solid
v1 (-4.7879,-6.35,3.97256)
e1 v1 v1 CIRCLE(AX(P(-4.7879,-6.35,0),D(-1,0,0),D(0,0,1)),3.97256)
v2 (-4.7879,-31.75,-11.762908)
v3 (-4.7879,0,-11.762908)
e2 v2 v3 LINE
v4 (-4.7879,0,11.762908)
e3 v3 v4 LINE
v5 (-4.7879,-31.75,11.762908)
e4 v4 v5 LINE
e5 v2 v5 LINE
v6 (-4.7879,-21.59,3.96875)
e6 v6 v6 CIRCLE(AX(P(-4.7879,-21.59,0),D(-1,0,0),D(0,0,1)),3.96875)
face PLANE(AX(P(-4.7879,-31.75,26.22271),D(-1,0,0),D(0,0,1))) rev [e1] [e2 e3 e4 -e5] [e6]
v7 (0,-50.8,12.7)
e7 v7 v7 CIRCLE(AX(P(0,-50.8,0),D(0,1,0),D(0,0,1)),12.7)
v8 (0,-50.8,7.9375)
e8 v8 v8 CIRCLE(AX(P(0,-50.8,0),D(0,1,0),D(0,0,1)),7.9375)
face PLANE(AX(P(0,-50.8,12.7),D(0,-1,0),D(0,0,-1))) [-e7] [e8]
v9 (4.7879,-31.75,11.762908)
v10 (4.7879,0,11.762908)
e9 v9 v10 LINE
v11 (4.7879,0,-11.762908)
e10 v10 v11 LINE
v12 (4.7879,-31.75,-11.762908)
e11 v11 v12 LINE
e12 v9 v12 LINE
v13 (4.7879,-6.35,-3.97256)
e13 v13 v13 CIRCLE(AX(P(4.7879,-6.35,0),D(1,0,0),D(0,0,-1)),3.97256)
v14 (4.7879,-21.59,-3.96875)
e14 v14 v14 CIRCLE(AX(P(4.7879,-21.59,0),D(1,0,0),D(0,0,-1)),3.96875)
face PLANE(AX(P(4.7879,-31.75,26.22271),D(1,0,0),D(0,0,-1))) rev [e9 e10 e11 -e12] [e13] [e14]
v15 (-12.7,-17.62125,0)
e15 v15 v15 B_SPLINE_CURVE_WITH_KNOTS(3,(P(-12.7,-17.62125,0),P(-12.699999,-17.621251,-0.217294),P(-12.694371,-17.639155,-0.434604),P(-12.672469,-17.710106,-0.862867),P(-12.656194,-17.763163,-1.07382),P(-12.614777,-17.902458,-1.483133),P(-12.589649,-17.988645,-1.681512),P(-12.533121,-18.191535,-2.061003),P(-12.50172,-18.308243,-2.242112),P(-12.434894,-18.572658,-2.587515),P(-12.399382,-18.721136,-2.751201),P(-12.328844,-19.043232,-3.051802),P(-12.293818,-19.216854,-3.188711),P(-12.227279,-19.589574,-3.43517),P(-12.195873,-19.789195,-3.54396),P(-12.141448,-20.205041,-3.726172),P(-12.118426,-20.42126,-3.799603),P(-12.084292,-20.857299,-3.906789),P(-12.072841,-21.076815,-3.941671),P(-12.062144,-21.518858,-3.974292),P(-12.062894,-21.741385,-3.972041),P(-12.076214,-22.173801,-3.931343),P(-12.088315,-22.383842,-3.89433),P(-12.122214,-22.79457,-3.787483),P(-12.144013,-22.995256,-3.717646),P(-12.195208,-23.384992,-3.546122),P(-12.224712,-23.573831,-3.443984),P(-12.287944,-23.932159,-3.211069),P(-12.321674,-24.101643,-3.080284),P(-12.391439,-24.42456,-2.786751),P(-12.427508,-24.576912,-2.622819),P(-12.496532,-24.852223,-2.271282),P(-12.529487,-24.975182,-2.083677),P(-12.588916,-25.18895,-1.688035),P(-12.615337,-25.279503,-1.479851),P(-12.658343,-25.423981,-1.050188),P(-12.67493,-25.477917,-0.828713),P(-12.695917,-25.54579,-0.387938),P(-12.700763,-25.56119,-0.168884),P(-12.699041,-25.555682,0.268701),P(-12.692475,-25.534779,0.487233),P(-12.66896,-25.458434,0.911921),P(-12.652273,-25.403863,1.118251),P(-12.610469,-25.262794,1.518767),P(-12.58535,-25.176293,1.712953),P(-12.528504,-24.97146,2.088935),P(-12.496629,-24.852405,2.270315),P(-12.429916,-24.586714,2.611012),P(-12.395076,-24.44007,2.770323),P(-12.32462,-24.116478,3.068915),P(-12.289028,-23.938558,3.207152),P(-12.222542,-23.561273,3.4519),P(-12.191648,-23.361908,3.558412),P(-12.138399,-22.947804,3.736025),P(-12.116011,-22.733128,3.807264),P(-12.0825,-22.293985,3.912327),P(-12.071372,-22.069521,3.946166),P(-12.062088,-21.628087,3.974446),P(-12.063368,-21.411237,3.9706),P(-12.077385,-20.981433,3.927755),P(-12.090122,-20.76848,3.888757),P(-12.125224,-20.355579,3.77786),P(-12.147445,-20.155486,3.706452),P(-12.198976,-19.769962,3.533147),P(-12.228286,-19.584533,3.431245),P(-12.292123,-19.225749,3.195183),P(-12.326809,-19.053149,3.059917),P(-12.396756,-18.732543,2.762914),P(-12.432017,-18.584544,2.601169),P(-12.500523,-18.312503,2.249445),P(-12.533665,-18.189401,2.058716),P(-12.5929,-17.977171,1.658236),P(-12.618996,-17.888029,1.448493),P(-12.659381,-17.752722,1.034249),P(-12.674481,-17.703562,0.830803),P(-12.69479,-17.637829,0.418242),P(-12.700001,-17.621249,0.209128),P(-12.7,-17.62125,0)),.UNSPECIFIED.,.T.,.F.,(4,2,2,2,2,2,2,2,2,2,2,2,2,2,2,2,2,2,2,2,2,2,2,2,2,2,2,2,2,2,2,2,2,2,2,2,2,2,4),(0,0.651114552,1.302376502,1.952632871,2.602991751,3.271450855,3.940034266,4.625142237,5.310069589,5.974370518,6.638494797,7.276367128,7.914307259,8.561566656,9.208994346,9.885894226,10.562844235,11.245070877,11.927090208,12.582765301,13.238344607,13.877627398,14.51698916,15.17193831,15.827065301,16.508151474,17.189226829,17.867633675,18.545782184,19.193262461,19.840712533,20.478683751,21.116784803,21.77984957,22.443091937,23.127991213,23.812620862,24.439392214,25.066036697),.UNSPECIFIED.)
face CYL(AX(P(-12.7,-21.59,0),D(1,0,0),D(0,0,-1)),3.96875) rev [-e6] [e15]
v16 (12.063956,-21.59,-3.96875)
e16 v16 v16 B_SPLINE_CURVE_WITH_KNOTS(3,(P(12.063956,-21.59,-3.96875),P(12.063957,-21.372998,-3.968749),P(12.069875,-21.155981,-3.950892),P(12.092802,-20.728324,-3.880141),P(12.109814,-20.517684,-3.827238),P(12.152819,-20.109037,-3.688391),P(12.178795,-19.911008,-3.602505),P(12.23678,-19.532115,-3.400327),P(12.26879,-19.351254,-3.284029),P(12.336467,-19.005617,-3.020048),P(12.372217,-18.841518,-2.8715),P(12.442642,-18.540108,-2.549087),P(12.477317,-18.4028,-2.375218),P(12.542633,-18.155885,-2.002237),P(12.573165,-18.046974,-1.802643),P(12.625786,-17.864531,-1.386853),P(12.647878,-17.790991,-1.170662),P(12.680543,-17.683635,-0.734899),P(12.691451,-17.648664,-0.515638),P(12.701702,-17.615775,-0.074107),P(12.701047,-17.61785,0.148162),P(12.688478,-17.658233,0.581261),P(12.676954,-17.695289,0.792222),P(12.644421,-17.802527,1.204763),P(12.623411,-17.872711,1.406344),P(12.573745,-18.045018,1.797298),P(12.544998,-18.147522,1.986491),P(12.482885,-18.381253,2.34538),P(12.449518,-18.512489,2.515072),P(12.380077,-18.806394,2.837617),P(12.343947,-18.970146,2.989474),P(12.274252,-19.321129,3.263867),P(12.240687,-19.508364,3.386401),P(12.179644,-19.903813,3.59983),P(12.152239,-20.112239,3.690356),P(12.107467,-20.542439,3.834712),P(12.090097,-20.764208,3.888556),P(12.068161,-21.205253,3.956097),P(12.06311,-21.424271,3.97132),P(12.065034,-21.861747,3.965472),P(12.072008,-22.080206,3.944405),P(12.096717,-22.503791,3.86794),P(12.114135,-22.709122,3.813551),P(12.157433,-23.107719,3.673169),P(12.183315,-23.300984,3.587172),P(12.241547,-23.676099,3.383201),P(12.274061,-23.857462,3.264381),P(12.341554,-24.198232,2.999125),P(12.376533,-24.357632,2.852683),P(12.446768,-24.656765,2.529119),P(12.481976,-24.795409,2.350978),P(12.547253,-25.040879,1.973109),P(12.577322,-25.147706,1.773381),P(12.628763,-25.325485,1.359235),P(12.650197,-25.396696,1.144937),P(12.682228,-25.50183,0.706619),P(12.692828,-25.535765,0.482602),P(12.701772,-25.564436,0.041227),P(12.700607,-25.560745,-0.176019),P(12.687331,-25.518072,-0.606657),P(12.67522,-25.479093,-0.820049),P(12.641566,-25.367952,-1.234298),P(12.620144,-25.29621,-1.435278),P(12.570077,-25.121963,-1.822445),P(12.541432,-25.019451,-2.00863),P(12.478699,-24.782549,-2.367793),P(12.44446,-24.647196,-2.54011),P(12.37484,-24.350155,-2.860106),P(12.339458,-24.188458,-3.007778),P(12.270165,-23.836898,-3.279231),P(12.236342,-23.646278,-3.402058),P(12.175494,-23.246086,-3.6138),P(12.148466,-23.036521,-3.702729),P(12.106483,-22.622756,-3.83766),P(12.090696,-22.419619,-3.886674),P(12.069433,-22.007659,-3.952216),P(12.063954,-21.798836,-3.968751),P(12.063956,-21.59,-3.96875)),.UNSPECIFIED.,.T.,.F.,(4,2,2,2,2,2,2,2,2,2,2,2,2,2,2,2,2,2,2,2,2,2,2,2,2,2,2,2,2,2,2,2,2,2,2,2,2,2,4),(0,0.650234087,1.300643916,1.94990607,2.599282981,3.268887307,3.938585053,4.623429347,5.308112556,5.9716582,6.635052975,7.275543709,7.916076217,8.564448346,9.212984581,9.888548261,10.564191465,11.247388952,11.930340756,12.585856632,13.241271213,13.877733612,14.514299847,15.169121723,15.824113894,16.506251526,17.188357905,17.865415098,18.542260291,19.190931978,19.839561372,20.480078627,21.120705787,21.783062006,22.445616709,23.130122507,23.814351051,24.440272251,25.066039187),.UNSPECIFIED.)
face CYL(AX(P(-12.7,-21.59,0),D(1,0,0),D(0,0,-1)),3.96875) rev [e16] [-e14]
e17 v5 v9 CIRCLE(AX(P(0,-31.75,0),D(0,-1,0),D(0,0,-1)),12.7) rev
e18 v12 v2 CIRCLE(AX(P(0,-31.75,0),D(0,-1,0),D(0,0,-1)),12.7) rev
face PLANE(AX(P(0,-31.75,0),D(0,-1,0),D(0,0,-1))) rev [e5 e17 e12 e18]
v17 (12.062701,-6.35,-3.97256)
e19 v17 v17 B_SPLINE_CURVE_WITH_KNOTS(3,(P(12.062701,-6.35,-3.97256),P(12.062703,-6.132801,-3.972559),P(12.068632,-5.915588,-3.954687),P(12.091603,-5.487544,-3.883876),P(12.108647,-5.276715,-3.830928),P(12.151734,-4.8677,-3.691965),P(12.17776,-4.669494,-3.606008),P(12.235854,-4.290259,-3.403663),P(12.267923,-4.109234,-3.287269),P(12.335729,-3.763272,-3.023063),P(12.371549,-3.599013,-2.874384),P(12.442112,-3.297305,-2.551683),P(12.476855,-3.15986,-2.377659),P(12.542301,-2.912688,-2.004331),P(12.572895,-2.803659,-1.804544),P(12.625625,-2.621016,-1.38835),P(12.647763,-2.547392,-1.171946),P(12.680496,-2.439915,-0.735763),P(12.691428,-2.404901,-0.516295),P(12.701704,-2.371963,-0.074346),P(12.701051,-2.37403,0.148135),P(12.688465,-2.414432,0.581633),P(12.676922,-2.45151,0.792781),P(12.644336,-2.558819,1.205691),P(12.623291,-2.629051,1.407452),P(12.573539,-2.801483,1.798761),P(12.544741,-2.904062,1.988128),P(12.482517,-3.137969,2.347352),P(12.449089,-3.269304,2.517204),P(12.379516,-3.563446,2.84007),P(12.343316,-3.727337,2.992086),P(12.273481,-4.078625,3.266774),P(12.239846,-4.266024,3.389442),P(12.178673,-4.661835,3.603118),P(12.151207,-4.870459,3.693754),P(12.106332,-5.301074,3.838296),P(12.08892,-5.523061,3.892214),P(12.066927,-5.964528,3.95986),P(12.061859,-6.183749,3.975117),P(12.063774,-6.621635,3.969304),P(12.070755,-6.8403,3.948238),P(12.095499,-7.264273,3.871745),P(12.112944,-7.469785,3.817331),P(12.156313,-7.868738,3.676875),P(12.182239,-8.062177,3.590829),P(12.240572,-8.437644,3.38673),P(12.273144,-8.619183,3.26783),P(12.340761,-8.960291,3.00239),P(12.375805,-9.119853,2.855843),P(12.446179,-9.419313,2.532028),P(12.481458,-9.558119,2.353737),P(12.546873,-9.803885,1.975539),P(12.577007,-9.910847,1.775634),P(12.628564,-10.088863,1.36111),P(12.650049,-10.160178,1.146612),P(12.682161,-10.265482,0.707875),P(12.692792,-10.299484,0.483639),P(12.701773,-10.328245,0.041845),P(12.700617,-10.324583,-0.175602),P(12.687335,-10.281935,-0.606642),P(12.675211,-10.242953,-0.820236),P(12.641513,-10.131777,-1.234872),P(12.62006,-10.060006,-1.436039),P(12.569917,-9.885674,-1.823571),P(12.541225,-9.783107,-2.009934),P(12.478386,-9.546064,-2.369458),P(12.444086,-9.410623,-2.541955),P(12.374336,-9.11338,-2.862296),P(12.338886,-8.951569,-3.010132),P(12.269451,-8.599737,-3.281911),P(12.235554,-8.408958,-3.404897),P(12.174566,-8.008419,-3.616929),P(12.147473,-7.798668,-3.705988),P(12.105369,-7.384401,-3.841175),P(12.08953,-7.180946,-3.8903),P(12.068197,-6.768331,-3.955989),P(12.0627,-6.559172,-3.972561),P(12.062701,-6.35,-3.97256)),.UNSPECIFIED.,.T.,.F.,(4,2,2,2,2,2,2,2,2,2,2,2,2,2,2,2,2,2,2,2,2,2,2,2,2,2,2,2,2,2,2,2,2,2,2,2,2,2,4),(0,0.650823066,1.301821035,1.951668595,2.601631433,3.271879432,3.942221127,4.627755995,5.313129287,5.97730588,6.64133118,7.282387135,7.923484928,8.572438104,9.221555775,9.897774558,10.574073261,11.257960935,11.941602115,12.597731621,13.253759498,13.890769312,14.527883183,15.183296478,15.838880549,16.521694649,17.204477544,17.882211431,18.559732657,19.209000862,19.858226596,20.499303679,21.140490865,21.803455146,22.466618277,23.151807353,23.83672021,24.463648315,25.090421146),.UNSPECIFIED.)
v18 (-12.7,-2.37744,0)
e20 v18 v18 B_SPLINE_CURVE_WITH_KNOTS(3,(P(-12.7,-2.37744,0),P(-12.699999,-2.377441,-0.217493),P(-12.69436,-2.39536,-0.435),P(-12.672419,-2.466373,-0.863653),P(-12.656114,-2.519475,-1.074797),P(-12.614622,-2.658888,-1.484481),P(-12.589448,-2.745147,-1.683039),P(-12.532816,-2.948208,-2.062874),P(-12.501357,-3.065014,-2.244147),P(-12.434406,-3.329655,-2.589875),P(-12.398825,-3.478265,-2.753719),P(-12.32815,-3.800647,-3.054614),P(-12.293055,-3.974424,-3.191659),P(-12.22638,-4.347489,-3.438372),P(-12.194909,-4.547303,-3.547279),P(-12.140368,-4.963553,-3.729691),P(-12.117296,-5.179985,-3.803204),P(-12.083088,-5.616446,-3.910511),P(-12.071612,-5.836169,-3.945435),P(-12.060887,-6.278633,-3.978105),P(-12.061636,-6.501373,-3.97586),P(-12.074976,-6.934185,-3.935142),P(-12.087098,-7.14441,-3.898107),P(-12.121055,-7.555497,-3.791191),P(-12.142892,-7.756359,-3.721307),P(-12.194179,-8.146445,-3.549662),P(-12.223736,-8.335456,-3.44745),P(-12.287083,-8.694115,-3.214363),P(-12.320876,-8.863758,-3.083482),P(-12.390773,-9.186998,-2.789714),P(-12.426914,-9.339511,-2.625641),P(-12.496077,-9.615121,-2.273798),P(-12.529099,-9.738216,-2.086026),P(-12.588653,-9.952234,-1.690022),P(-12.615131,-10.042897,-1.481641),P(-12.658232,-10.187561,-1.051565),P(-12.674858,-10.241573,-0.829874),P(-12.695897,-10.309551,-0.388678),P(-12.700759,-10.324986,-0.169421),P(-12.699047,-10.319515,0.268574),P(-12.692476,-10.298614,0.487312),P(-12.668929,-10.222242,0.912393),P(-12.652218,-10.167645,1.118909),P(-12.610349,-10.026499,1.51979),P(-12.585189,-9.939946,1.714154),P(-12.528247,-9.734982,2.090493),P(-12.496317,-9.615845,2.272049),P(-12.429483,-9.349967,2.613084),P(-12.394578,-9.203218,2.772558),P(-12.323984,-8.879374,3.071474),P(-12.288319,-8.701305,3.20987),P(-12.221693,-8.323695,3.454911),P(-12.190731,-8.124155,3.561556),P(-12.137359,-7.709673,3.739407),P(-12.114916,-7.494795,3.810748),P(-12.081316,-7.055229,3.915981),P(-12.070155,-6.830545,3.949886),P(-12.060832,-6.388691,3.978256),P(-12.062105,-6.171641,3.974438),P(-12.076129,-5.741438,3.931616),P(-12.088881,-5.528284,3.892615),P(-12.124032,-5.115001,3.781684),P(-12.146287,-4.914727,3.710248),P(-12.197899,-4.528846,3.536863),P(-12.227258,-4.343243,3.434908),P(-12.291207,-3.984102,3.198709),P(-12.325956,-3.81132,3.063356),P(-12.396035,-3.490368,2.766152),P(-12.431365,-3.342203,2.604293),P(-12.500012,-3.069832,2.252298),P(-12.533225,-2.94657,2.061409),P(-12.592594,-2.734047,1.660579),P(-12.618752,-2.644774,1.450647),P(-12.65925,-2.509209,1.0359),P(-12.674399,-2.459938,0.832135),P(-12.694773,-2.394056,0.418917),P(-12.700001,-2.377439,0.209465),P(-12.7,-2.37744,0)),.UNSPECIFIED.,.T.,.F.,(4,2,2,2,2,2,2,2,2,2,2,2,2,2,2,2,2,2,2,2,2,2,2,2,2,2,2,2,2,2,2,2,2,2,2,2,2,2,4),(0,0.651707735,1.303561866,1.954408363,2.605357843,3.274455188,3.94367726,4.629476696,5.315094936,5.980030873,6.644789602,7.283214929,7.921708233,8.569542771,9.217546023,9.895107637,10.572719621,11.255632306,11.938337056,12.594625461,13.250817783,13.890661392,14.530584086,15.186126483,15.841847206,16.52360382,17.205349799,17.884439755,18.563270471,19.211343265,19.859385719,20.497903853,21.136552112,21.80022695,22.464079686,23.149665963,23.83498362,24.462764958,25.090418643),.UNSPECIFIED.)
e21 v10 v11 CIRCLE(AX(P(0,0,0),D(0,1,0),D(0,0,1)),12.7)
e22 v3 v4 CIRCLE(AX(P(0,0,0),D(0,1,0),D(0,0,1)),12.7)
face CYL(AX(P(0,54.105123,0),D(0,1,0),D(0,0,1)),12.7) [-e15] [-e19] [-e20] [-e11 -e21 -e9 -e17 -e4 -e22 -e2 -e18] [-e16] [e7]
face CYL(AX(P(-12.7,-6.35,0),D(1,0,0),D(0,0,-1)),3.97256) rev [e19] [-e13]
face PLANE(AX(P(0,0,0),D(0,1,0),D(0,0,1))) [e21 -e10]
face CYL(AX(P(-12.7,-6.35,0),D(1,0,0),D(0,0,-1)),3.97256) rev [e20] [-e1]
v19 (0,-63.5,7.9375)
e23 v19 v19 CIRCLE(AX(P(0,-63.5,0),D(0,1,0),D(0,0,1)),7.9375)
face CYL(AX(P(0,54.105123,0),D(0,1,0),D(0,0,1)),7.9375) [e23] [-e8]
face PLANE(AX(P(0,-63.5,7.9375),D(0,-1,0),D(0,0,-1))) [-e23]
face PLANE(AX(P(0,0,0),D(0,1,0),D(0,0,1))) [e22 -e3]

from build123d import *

# Parameters (mm, degrees)
SKETCH3_W          = 9.5758
SKETCH3_H          = 52.44541986
CUT_EXTRUDE2_DEPTH = 31.75
SKETCH4_R          = 3.97256
SKETCH4_R_2        = 3.96875
CUT_EXTRUDE3_DEPTH = 26.4


with BuildPart() as part:
    # Sketch1 → Revolve1 (revolve)
    with BuildSketch(Plane(origin=(0, 0, 0), x_dir=(0, 0, -1), z_dir=(1, 0, 0))):
        Polygon((0, 0), (-12.7, 0), (-12.7, -50.8), (-7.9375, -50.8), (-7.9375, -63.5), (0, -63.5), (0, -50.8), align=None)
    revolve(axis=Axis((0, 54.105122951, 0), (0, -1, 0)))

    # Sketch3 → Cut-Extrude2 (cut)
    with BuildSketch(Plane(origin=(0, 0, 0), x_dir=(1, 0, 0), z_dir=(0, 1, 0))):
        Rectangle(SKETCH3_W, SKETCH3_H)
    extrude(amount=-CUT_EXTRUDE2_DEPTH, mode=Mode.SUBTRACT)

    # Sketch4 → Cut-Extrude3 (cut, through all)
    with BuildSketch(Plane(origin=(12.7, 0, 0), x_dir=(0, 0, -1), z_dir=(1, 0, 0))):
        with Locations((0, -6.35)):
            Circle(SKETCH4_R)
        with Locations((0, -21.59)):
            Circle(SKETCH4_R_2)
    extrude(amount=-CUT_EXTRUDE3_DEPTH, mode=Mode.SUBTRACT)


solid = part.part
